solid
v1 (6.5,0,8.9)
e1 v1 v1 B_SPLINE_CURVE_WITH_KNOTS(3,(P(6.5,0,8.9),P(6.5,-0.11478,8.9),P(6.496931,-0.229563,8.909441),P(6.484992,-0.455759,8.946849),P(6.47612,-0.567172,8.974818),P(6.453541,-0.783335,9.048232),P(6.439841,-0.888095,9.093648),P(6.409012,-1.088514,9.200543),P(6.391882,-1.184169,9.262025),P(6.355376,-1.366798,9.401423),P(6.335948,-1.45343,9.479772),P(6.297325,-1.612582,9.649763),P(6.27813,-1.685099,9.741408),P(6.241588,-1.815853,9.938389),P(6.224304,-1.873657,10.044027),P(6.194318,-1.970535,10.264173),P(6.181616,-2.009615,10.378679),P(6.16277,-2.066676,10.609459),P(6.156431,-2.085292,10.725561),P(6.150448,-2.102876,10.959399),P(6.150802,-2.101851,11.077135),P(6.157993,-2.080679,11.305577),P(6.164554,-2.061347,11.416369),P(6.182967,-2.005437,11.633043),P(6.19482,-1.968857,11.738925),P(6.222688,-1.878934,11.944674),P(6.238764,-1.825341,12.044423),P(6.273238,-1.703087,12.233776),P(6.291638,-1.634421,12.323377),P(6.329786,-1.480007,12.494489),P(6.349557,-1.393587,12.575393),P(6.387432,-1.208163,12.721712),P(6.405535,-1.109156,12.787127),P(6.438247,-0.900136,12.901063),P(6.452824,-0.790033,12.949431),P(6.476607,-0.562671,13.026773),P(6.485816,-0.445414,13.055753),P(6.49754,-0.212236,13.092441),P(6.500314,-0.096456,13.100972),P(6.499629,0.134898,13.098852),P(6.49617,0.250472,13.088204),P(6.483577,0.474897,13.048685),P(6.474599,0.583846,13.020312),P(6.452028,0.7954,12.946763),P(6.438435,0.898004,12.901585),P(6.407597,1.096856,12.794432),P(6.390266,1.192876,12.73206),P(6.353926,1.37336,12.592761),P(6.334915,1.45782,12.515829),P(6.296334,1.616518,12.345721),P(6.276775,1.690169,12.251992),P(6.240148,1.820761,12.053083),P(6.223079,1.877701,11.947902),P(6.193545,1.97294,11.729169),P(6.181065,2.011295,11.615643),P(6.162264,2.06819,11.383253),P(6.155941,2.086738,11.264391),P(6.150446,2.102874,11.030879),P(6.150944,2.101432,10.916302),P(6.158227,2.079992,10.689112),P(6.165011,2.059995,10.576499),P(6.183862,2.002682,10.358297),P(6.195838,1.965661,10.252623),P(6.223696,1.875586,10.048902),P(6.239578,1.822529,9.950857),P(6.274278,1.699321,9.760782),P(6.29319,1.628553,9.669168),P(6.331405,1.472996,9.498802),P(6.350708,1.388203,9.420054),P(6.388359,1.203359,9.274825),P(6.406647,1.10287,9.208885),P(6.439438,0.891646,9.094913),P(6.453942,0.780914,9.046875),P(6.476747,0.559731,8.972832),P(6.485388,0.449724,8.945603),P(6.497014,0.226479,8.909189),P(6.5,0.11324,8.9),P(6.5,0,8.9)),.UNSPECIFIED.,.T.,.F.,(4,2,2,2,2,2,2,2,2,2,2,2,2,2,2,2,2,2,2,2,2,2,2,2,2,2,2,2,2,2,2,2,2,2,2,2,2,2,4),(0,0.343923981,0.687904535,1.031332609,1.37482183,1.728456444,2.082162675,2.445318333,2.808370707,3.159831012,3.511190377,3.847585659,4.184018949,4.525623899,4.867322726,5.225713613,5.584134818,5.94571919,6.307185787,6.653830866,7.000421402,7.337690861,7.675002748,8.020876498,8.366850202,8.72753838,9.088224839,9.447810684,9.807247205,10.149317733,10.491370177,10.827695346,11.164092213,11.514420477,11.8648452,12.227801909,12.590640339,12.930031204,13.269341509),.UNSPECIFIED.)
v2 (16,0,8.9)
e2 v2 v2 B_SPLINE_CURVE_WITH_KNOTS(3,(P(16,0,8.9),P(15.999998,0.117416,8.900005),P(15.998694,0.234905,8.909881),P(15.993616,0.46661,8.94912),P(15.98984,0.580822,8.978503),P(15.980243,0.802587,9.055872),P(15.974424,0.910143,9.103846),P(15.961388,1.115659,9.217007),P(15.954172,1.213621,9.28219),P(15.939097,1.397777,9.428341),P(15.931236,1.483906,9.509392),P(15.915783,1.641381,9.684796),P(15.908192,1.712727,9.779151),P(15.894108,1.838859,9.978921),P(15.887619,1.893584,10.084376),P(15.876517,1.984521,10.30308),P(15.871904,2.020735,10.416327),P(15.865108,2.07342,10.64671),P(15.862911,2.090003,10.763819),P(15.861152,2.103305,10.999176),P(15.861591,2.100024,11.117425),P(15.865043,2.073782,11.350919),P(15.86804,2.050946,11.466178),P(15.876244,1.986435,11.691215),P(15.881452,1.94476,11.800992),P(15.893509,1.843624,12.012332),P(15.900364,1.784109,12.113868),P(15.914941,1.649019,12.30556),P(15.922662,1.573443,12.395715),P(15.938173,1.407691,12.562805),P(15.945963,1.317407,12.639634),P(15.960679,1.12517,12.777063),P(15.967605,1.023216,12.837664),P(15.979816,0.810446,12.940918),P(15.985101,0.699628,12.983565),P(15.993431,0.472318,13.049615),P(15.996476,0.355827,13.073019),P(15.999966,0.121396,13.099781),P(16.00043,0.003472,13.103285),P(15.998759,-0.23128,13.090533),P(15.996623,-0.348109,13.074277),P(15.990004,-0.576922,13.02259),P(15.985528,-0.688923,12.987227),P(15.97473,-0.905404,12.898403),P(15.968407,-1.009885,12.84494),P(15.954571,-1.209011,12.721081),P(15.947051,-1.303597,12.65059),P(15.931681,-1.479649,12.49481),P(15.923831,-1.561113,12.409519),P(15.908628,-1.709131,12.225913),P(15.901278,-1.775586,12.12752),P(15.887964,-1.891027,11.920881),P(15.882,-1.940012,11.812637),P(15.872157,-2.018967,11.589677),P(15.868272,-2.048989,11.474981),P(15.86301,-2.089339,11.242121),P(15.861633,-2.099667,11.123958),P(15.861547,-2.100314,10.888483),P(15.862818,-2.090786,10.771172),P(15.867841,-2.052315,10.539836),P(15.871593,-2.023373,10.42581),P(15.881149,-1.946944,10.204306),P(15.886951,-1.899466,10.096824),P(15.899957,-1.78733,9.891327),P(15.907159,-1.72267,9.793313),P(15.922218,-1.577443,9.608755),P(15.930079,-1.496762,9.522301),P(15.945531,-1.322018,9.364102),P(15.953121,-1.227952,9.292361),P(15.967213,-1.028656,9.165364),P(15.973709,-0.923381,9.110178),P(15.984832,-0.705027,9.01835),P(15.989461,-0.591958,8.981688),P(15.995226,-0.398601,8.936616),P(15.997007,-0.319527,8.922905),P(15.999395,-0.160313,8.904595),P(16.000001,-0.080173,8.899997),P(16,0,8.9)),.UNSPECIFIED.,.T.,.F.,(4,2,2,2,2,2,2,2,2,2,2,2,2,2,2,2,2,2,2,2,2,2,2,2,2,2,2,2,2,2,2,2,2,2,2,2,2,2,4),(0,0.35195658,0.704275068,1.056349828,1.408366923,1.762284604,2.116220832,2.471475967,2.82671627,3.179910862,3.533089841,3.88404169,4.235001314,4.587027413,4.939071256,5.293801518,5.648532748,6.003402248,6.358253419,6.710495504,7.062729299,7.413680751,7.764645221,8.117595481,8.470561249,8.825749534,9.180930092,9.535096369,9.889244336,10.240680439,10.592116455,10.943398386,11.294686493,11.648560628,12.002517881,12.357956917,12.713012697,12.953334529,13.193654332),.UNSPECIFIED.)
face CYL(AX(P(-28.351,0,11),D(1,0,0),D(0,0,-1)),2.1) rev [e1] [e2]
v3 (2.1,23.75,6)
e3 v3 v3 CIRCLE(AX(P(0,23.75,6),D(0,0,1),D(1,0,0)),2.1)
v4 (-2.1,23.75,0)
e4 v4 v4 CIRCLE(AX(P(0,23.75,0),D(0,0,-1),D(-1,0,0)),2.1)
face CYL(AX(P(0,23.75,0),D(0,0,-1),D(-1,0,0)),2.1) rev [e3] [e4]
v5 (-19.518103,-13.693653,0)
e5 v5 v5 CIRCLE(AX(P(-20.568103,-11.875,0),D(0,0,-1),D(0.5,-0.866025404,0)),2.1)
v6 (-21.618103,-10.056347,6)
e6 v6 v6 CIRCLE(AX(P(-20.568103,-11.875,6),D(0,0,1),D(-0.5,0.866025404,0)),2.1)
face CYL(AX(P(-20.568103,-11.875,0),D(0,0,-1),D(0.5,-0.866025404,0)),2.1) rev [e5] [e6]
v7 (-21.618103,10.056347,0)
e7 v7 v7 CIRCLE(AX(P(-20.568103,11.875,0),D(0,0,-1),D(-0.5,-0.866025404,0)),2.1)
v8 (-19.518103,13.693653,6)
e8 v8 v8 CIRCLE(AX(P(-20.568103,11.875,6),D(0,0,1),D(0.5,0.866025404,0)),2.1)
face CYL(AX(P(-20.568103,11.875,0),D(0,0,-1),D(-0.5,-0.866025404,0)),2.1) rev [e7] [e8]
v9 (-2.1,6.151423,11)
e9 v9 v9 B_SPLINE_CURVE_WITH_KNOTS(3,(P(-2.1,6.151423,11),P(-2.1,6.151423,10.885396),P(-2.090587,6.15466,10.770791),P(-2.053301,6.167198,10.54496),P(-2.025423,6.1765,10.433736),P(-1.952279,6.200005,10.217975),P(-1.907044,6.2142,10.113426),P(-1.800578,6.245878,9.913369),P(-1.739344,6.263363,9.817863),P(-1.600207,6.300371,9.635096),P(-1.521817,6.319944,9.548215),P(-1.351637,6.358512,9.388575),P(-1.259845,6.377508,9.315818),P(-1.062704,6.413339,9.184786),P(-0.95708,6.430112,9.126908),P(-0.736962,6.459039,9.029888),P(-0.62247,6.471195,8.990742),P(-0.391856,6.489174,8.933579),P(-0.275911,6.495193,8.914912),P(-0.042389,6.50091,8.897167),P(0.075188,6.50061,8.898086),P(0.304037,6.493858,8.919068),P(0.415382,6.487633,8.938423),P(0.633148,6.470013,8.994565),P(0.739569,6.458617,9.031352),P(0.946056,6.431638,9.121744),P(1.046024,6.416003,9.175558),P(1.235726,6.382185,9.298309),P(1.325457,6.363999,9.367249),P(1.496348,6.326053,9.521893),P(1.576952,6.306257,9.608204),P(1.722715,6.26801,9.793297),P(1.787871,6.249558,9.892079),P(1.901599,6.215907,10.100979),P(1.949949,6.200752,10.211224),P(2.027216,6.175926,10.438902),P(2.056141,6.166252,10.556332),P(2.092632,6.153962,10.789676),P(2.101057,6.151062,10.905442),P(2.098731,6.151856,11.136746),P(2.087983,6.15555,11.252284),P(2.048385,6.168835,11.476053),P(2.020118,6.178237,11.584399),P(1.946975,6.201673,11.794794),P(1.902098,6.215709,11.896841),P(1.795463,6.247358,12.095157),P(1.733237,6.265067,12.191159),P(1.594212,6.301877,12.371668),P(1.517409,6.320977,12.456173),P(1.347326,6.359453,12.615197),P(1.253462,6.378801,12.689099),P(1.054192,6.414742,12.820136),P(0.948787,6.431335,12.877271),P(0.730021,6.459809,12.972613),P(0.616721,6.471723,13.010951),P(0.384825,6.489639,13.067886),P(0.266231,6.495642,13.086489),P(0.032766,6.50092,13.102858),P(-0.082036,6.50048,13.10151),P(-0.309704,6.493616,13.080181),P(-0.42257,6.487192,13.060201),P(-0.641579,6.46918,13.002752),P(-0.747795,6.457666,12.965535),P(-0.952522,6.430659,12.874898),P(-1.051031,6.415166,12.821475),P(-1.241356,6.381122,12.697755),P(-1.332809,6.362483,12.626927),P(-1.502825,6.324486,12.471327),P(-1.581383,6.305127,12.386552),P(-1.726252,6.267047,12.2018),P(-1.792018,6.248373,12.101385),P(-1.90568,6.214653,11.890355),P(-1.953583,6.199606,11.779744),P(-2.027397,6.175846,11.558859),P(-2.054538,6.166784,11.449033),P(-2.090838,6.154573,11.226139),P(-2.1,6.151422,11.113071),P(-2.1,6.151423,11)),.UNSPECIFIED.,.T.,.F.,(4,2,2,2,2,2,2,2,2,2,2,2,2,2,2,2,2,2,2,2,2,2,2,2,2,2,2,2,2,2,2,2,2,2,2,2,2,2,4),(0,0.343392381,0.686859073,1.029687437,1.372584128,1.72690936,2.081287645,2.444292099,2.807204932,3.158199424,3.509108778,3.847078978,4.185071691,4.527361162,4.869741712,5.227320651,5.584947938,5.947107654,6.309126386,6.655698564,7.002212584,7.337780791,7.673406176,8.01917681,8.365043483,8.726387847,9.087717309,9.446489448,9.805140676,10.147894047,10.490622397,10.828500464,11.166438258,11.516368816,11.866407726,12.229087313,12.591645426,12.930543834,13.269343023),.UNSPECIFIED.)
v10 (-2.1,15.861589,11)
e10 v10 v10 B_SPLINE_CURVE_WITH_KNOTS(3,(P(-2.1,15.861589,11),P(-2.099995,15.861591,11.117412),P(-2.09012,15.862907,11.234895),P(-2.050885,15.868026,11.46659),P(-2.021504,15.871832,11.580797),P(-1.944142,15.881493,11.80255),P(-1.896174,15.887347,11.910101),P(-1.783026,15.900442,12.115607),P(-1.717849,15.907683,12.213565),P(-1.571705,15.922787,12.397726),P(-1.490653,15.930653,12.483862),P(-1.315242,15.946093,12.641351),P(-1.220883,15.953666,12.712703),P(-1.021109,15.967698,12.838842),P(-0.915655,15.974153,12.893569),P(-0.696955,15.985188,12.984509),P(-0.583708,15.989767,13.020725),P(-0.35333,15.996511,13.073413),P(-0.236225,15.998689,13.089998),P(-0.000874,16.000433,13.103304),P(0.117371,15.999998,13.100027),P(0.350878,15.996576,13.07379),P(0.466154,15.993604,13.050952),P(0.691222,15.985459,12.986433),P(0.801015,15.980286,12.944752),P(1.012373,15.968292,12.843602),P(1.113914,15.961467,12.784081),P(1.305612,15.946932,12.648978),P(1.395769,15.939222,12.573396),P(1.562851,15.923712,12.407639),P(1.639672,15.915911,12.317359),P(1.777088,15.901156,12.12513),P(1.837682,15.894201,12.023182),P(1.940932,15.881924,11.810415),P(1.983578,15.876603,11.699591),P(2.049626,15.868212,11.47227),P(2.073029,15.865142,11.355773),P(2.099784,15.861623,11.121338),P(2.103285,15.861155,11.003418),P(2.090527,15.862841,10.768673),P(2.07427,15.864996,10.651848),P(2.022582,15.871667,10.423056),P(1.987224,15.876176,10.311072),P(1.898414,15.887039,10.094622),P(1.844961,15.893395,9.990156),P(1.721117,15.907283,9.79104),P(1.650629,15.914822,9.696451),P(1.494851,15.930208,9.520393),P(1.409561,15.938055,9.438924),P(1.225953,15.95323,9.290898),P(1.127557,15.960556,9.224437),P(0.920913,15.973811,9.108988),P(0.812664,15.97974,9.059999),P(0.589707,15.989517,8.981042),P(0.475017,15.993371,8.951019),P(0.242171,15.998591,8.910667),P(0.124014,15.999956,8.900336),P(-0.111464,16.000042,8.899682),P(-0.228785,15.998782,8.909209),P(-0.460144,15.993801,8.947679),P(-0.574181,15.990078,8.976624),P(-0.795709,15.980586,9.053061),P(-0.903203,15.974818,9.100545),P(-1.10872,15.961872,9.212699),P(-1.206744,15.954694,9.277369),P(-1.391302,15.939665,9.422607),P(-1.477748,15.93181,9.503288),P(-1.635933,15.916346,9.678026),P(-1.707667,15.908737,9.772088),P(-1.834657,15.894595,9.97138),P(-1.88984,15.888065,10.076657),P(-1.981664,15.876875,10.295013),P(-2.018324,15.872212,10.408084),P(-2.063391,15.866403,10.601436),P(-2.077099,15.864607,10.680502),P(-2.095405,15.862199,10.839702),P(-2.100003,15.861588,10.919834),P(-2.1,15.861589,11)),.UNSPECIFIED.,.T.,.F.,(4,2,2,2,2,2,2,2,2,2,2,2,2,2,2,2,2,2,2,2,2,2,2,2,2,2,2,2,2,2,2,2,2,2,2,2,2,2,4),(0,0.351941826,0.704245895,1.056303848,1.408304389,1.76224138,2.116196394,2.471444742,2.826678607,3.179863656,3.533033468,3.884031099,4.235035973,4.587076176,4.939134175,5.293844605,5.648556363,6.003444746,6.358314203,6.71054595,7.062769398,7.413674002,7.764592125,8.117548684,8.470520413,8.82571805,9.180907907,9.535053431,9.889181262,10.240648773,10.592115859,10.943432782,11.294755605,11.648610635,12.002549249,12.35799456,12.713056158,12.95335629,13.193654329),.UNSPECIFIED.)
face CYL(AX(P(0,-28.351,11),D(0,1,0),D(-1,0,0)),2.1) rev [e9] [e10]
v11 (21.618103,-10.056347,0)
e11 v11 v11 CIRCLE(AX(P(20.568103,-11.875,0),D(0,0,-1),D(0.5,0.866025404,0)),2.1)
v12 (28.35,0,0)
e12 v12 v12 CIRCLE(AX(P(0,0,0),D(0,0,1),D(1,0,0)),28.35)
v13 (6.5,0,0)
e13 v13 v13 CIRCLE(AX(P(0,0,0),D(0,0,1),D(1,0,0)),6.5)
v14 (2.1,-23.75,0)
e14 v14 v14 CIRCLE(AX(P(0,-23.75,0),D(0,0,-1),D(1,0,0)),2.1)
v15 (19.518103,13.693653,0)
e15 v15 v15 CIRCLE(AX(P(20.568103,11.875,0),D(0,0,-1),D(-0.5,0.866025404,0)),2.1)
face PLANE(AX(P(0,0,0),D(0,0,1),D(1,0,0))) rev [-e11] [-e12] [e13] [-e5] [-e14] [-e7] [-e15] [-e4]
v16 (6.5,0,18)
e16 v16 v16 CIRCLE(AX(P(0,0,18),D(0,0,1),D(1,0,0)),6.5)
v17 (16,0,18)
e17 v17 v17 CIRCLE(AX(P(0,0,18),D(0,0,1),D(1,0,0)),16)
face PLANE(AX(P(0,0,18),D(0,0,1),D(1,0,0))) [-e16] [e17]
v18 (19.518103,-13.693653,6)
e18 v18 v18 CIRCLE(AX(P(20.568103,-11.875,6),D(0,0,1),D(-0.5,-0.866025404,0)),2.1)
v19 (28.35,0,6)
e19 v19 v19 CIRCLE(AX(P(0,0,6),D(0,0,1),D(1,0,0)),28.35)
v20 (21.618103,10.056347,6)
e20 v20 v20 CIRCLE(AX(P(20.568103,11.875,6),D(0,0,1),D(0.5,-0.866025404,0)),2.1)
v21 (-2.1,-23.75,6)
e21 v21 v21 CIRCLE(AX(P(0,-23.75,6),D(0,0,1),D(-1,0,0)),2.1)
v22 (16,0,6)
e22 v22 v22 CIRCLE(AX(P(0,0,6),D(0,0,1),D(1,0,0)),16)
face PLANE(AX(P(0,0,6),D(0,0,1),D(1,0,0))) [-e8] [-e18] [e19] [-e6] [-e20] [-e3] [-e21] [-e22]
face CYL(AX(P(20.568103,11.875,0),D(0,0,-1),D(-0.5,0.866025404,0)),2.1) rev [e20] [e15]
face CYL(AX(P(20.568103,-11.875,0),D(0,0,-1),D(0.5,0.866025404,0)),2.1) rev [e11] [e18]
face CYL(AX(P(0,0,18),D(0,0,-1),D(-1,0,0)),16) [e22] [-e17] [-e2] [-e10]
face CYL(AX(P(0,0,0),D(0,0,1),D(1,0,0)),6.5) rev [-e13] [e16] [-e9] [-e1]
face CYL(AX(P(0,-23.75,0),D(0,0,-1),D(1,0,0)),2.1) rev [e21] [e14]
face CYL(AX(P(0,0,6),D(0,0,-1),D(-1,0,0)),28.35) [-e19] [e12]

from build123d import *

# Parameters (mm, degrees)
SKETCH_1_R               = 28.35
EXTRUDE_1_DEPTH          = 6
SKETCH_2_R               = 16
EXTRUDE_2_DEPTH          = 12
SKETCH_3_R               = 6.5
CUT_EXTRUDE_1_DEPTH      = 44.948208155
HOLE_WIZARD_M5_2_D       = 4.2
PATTERN_CIRCULAR_1_COUNT = 6
CUT_EXTRUDE_3_REACH      = 57.63
CUT_EXTRUDE_3_END_RADIUS = 6.5
SKETCH_6_R               = 2.1
PATTERN_CIRCULAR_2_COUNT = 2
PATTERN_CIRCULAR_2_ANGLE = 90


with BuildPart() as part:
    # 草圖1 → 填料-伸長1 (new body)
    with BuildSketch(Plane.XY):
        Circle(SKETCH_1_R)
    extrude(amount=EXTRUDE_1_DEPTH)

    # 草圖2 → 填料-伸長2 (add)
    with BuildSketch(Plane.XY.offset(6)):
        Circle(SKETCH_2_R)
    extrude(amount=EXTRUDE_2_DEPTH)

    # 草圖3 → 除料-伸長1 (cut, through all)
    with BuildSketch(Plane.XY.offset(18)):
        Circle(SKETCH_3_R)
    extrude(amount=-CUT_EXTRUDE_1_DEPTH, mode=Mode.SUBTRACT)

    # M5 螺紋孔2 (through all)
    with Locations(Plane(origin=(0, 0, 0), x_dir=(-1, 0, 0), z_dir=(0, 0, -1))):
        with Locations((0, 23.75)):
            hole_wizard_m5_2 = Hole(HOLE_WIZARD_M5_2_D / 2)

    # 環狀複製排列1: M5 螺紋孔2 ×6 about axis
    pattern_circular_1_axis = Axis((0, 0, 0), (0, 0, 1))
    for i in range(1, PATTERN_CIRCULAR_1_COUNT):
        add(hole_wizard_m5_2.rotate(pattern_circular_1_axis, i * 360 / PATTERN_CIRCULAR_1_COUNT), mode=Mode.SUBTRACT)

    # 除料-伸長3: up to this cylinder (the profile starts outside it)
    cut_extrude_3_end = Plane(origin=(0, 0, 11), z_dir=(0, 0, 1)) * Cylinder(CUT_EXTRUDE_3_END_RADIUS, 129.26, mode=Mode.PRIVATE)
    # 草圖6 → 除料-伸長3 (cut, up to the surface)
    with BuildSketch(Plane(origin=(16, 0, 0), x_dir=(0, 0, -1), z_dir=(1, 0, 0)), mode=Mode.PRIVATE) as cut_extrude_3_sk1:
        with Locations((-11, 0)):
            Circle(SKETCH_6_R)
    cut_extrude_3_tool1 = extrude(cut_extrude_3_sk1.sketch, amount=-CUT_EXTRUDE_3_REACH, mode=Mode.PRIVATE) - cut_extrude_3_end
    cut_extrude_3 = cut_extrude_3_tool1.solids().sort_by_distance((16, 0, 11))[0]
    add(cut_extrude_3, mode=Mode.SUBTRACT)

    # 環狀複製排列2: 除料-伸長3 ×2 about axis
    pattern_circular_2_axis = Axis((0, 0, 18), (0, 0, 1))
    for i in range(1, PATTERN_CIRCULAR_2_COUNT):
        add(cut_extrude_3.rotate(pattern_circular_2_axis, i * PATTERN_CIRCULAR_2_ANGLE / (PATTERN_CIRCULAR_2_COUNT - 1)), mode=Mode.SUBTRACT)


solid = part.part
